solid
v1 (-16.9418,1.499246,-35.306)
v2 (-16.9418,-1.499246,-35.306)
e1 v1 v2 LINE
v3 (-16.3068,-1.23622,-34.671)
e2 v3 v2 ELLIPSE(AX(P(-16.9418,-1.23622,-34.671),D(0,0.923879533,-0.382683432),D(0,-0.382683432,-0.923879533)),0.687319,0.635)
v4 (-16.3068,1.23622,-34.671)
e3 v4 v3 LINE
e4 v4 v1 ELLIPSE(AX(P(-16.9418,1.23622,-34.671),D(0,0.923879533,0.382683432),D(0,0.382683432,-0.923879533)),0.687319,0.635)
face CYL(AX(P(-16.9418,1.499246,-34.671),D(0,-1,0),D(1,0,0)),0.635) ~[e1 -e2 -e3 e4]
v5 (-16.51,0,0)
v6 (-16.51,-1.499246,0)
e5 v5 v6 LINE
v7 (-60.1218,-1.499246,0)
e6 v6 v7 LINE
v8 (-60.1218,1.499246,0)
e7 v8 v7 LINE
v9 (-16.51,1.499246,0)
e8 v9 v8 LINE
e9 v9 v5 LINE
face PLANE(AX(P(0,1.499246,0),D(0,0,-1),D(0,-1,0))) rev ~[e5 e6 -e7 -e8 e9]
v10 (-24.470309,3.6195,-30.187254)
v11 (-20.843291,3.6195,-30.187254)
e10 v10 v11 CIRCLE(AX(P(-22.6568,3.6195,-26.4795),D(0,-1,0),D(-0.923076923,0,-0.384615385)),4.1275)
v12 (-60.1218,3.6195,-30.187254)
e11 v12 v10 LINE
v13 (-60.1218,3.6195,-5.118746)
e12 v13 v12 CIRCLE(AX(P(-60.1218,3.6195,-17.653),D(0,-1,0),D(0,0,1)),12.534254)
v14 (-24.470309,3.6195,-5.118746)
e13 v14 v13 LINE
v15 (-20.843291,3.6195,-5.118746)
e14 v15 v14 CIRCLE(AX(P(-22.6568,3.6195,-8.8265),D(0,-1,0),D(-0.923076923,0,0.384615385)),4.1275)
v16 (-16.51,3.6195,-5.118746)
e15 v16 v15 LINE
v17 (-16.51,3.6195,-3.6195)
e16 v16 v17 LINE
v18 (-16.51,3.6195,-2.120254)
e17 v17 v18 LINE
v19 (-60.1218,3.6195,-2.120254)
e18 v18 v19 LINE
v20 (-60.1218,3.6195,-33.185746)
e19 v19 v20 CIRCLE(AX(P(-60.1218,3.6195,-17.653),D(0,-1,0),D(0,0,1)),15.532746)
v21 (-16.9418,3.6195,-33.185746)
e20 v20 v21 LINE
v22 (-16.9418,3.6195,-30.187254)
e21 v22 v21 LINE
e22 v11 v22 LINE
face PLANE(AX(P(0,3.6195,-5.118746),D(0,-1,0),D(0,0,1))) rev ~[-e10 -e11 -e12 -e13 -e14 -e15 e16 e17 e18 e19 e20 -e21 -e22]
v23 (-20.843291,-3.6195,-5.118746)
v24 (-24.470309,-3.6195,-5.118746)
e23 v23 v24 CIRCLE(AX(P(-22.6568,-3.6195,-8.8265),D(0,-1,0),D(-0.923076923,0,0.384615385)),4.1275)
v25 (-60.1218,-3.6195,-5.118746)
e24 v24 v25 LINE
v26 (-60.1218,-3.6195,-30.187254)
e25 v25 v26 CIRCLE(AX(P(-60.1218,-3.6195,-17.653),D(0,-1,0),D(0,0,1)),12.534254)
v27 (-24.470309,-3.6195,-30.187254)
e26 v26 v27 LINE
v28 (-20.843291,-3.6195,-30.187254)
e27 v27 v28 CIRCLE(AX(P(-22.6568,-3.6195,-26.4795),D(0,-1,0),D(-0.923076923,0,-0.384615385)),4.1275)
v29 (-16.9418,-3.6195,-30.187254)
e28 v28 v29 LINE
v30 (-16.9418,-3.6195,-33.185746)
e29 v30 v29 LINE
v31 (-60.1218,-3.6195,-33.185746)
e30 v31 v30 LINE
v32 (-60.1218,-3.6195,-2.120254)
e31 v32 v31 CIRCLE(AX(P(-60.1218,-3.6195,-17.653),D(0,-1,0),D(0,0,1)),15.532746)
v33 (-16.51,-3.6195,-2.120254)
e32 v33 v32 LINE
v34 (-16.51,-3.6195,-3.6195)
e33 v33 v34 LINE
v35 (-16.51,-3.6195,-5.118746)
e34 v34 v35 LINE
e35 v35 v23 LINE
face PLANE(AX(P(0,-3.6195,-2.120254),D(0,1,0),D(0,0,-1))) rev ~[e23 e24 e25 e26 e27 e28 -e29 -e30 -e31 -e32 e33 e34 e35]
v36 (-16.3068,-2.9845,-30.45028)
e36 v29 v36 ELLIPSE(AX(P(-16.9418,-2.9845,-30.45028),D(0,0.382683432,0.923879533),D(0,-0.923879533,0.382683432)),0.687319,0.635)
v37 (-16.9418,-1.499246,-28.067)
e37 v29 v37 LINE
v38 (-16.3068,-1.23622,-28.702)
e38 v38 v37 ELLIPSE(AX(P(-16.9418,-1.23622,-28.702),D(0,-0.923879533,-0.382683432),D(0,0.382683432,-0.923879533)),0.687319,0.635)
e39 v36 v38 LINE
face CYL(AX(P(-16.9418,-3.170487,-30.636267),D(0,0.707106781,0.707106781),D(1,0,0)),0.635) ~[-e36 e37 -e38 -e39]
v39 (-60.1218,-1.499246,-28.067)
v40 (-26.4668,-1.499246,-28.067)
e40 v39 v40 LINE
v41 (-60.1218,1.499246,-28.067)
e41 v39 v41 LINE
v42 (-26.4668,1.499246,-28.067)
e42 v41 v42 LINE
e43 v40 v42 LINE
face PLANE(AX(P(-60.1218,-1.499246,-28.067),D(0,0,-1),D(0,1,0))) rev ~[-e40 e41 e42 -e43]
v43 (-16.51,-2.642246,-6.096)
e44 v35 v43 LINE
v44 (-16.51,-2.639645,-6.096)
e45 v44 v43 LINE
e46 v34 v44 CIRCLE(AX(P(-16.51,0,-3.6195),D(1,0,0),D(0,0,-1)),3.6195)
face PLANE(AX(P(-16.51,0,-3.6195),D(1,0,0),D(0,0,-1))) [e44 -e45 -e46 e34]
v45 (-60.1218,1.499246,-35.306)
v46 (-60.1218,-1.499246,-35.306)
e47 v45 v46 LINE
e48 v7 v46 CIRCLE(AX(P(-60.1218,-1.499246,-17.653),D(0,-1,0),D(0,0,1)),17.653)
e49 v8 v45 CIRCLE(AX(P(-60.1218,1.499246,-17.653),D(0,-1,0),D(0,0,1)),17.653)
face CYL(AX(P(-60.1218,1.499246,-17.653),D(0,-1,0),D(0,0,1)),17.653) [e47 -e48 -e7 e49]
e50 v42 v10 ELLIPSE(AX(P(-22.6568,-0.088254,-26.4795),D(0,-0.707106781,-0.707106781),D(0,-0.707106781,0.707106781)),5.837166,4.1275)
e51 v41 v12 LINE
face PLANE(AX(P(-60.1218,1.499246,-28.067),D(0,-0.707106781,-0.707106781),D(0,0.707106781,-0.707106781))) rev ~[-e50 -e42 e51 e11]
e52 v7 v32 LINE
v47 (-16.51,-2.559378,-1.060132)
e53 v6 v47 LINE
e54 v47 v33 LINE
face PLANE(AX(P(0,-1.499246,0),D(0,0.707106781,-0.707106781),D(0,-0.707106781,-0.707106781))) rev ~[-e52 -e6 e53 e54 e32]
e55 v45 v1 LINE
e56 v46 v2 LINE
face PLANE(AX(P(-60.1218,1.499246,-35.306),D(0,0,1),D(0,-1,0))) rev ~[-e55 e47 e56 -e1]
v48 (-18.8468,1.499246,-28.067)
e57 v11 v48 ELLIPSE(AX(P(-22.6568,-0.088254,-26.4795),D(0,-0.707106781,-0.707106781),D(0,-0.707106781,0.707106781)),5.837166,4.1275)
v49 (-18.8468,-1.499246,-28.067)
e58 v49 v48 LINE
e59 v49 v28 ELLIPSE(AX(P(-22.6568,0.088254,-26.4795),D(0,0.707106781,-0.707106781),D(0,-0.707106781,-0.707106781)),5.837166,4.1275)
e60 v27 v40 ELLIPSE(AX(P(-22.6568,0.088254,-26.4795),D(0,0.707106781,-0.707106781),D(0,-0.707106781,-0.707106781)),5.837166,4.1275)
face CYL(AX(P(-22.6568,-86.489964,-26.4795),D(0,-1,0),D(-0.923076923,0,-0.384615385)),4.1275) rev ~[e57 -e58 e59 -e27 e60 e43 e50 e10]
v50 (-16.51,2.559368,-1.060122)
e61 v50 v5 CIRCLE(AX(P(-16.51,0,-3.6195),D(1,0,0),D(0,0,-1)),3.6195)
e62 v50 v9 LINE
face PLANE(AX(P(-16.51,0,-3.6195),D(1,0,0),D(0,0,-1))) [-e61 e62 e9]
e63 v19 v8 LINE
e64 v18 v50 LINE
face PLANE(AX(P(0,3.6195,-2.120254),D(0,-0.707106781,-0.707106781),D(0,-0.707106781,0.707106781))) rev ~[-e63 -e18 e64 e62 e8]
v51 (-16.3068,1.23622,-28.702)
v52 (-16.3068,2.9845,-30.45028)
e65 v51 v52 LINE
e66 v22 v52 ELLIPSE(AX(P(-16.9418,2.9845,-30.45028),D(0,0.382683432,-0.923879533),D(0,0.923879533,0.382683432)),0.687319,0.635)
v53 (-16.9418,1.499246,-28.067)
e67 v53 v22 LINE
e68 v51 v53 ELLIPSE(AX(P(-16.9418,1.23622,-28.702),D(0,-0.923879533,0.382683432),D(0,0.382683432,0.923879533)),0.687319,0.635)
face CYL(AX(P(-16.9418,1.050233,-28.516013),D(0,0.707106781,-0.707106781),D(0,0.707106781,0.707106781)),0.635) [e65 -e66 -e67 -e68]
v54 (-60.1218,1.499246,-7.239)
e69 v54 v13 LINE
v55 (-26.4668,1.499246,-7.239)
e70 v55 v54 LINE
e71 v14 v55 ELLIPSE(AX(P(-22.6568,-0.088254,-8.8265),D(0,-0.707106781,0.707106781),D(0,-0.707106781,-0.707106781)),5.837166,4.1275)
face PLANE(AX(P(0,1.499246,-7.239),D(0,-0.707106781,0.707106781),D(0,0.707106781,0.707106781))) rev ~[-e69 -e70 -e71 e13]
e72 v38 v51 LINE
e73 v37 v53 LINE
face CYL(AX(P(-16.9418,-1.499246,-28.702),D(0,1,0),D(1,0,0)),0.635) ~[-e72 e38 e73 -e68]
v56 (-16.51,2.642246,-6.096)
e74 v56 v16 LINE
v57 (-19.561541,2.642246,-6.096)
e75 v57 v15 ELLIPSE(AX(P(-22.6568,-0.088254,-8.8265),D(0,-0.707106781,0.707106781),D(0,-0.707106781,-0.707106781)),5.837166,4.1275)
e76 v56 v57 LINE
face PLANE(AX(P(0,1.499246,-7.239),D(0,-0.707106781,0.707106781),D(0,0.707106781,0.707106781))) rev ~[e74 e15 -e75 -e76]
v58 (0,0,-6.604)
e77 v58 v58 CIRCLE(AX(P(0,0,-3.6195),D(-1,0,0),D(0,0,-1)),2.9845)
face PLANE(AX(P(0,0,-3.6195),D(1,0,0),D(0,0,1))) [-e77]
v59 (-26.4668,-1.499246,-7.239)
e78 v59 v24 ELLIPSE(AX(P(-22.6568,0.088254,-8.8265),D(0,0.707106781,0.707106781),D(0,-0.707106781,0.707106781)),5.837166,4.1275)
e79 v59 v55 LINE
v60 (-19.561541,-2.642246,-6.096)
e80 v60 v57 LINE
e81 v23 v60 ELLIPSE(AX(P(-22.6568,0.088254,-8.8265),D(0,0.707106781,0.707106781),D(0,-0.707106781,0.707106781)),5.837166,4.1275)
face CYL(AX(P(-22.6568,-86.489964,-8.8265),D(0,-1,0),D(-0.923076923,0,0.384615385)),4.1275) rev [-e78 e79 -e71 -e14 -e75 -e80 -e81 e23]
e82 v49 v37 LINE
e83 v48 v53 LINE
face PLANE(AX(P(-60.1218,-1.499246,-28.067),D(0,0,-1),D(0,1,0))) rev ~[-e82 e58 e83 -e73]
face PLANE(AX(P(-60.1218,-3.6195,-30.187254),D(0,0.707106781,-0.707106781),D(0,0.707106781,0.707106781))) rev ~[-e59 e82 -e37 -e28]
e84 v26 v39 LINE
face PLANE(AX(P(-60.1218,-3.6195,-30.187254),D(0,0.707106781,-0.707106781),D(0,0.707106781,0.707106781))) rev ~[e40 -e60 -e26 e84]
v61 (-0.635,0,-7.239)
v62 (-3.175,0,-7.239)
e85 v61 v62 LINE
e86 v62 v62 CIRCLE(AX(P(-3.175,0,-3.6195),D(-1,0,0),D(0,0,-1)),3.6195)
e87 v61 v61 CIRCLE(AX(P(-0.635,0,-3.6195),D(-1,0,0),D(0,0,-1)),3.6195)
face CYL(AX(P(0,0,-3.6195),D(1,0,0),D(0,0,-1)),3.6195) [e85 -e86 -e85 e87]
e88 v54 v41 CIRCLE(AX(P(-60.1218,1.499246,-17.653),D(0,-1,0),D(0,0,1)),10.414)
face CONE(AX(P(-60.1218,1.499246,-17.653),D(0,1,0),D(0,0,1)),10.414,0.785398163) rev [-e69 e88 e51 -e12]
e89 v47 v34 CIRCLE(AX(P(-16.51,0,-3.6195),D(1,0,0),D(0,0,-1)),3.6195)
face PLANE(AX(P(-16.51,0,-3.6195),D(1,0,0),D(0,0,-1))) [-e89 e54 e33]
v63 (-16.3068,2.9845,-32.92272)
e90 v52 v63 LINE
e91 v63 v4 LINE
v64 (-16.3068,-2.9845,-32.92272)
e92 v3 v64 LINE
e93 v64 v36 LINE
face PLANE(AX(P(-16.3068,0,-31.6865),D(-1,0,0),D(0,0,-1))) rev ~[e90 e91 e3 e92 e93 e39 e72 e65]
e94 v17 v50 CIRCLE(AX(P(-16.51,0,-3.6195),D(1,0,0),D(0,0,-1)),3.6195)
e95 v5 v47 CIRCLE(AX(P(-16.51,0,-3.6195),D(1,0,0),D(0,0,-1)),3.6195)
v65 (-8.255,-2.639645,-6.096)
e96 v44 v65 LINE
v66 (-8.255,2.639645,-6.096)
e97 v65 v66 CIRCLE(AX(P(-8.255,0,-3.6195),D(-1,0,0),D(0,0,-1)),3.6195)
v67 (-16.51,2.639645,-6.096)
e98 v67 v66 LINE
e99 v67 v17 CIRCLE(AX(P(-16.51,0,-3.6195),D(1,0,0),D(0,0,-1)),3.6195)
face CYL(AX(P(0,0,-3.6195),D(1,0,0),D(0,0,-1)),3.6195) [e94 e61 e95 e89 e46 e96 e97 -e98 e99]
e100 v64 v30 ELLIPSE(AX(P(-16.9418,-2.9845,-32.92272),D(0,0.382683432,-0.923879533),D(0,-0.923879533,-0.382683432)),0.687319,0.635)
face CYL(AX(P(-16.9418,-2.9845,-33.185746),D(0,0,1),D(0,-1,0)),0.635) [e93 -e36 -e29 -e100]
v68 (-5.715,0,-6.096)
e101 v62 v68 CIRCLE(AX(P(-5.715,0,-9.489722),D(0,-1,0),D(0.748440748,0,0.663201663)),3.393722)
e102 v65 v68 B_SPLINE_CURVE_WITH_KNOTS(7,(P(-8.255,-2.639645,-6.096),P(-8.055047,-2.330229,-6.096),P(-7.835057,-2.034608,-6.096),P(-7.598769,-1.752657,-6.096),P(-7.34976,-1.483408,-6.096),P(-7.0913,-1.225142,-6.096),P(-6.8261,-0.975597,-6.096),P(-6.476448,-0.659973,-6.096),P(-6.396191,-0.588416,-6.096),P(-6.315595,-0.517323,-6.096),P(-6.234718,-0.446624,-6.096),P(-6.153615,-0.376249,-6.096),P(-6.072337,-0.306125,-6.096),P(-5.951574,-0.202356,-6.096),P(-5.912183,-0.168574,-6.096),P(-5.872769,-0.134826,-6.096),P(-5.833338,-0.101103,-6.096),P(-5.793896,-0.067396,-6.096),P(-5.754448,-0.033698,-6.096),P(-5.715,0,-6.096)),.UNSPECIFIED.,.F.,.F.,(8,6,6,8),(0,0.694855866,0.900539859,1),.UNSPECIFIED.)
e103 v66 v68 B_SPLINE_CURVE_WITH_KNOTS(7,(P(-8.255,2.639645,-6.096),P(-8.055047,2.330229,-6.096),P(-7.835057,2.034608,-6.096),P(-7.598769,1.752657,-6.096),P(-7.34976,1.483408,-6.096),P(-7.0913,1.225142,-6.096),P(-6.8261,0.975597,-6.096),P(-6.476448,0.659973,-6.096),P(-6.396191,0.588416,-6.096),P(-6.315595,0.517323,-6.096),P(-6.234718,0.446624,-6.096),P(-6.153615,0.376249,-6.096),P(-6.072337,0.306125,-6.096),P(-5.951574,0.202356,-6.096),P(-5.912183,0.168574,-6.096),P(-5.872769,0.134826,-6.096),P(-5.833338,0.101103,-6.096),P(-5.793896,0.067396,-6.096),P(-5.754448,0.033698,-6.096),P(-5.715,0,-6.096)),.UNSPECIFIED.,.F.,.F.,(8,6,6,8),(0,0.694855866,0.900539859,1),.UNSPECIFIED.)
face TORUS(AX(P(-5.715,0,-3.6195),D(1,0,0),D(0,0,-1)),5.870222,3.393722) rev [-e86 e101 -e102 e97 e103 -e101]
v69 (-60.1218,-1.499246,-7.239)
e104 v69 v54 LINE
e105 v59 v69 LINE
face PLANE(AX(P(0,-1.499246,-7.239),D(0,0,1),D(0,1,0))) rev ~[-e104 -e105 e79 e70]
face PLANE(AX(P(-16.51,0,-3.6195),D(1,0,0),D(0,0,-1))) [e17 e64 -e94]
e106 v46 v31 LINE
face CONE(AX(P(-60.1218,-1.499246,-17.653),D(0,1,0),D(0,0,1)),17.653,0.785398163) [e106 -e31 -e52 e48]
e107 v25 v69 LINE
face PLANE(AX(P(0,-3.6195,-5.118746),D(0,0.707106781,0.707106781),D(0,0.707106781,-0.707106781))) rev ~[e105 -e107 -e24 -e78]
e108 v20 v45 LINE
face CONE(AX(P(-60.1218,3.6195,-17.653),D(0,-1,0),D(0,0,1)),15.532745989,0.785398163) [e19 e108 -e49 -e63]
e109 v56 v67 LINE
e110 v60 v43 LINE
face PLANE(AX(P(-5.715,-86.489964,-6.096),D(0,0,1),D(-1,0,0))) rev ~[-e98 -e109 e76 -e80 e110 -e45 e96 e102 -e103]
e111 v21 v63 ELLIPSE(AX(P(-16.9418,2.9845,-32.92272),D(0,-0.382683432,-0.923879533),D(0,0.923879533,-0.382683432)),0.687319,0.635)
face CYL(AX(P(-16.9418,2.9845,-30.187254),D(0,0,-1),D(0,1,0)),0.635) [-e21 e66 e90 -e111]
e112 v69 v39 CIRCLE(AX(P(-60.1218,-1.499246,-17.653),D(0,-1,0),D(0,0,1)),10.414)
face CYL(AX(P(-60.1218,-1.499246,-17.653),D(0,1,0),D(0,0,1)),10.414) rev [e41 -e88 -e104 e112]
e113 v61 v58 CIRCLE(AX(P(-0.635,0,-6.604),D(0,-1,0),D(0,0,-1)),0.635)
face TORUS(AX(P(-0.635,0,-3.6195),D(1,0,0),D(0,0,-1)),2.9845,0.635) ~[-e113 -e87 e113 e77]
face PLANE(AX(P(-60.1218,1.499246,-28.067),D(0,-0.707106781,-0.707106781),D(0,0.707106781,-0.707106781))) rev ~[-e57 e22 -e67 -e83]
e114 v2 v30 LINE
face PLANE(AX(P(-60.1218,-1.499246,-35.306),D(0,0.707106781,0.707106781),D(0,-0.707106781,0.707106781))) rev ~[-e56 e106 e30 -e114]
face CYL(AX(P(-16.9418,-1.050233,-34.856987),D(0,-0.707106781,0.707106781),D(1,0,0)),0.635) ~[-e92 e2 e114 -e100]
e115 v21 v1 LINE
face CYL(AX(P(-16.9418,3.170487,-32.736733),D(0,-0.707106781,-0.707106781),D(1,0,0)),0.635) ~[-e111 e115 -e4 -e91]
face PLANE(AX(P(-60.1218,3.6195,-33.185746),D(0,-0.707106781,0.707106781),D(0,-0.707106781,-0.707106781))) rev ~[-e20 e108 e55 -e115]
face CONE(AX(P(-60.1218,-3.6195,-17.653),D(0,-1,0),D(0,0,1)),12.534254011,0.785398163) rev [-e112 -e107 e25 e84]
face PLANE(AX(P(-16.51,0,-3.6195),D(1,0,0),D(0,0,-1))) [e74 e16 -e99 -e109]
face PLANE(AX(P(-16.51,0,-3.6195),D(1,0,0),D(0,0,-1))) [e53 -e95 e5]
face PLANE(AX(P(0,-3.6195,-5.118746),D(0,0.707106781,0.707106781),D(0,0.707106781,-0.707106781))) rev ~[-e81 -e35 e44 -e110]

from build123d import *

# Parameters (mm, degrees)
SKETCH3_R               = 3.917718569
SKETCH3_R_2             = 3.6195
CUT_EXTRUDE1_DEPTH      = 16.51
CUT_EXTRUDE2_DEPTH      = 86.489963921
CUT_EXTRUDE2_DEPTH_BACK = 86.489963921
CUT_EXTRUDE3_DEPTH      = 86.489963921
CUT_EXTRUDE3_DEPTH_BACK = 86.489963921
FILLET1_R               = 0.635


with BuildPart() as part:
    # Sweep1: sweep along a path in Sketch1
    with BuildLine(Plane(origin=(0, 0, 0), x_dir=(1, 0, 0), z_dir=(0, 1, 0))) as sweep1_path:
        Line((0, 0), (-60.1218, 0))
        ThreePointArc((-60.1218, 0), (-77.7748, 17.653), (-60.1218, 35.306))
        Line((-60.1218, 35.306), (-16.3068, 35.306))
    # Sketch2 → Sweep1 (sweep)
    with BuildSketch(Plane(origin=(0, 0, 0), x_dir=(0, 0, -1), z_dir=(1, 0, 0))):
        Polygon((7.239, 1.499245989), (5.118745989, 3.6195), (2.120254011, 3.6195), (0, 1.499245989), (0, -1.499245989), (2.120254011, -3.6195), (5.118745989, -3.6195), (7.239, -1.499245989), align=None)
    sweep(path=sweep1_path.line)

    # Sketch3 → Cut-Extrude1 (cut)
    with BuildSketch(Plane(origin=(0, 0, 0), x_dir=(0, 0, -1), z_dir=(1, 0, 0))):
        with Locations((3.6195, 0)):
            Circle(SKETCH3_R)
        with Locations((3.6195, 0)):
            Circle(SKETCH3_R_2, mode=Mode.SUBTRACT)
    extrude(amount=-CUT_EXTRUDE1_DEPTH, mode=Mode.SUBTRACT)

    # Sketch5 → Cut-Revolve1 (revolve, cut)
    with BuildSketch(Plane(origin=(0, 0, 0), x_dir=(1, 0, 0), z_dir=(0, 1, 0))):
        with BuildLine():
            Line((-8.255, 7.239), (-3.175, 7.239))
            ThreePointArc((-3.175, 7.239), (-5.715, 6.096), (-8.255, 7.239))
        make_face()
    revolve(axis=Axis((0, 0, -3.6195), (-1, 0, 0)), mode=Mode.SUBTRACT)

    # Sketch6 → Cut-Extrude2 (cut, two sides: drawn at the far end of the back side and taken through both)
    with BuildSketch(Plane(origin=(0, 0, 0), x_dir=(1, 0, 0), z_dir=(0, 1, 0)).offset(-CUT_EXTRUDE2_DEPTH_BACK)):
        with BuildLine():
            Line((-18.8468, 28.067), (-26.4668, 28.067))
            ThreePointArc((-26.4668, 28.067), (-22.6568, 30.607), (-18.8468, 28.067))
        make_face()
        with BuildLine():
            Line((-18.8468, 7.239), (-26.4668, 7.239))
            ThreePointArc((-26.4668, 7.239), (-22.6568, 4.699), (-18.8468, 7.239))
        make_face()
    extrude(amount=CUT_EXTRUDE2_DEPTH + CUT_EXTRUDE2_DEPTH_BACK, mode=Mode.SUBTRACT)

    # Sketch7 → Cut-Extrude3 (cut, two sides: drawn at the far end of the back side and taken through both)
    with BuildSketch(Plane(origin=(0, 0, 0), x_dir=(1, 0, 0), z_dir=(0, 1, 0)).offset(-CUT_EXTRUDE3_DEPTH_BACK)):
        with BuildLine():
            Line((-5.715, 6.096), (-19.561541368, 6.096))
            ThreePointArc((-19.561541368, 6.096), (-19.157191244, 6.638122792), (-18.8468, 7.239))
            Line((-18.8468, 7.239), (-8.255, 7.239))
            ThreePointArc((-8.255, 7.239), (-7.107663725, 6.394913945), (-5.715, 6.096))
        make_face()
    extrude(amount=CUT_EXTRUDE3_DEPTH + CUT_EXTRUDE3_DEPTH_BACK, mode=Mode.SUBTRACT)

    # Fillet1
    fillet1_edges = [part.edges().sort_by_distance(p)[0] for p in [
        (-16.3068, 0, -28.067),
        (-16.3068, 2.559372995, -29.127127005),
        (-16.3068, 3.6195, -31.6865),
        (-16.3068, 2.559372995, -34.245872995),
        (-16.3068, 0, -35.306),
        (-16.3068, -2.559372995, -34.245872995),
        (-16.3068, -3.6195, -31.6865),
        (-16.3068, -2.559372995, -29.127127005),
        (0, 0, 0),
    ]]
    fillet(fillet1_edges, radius=FILLET1_R)


solid = part.part
